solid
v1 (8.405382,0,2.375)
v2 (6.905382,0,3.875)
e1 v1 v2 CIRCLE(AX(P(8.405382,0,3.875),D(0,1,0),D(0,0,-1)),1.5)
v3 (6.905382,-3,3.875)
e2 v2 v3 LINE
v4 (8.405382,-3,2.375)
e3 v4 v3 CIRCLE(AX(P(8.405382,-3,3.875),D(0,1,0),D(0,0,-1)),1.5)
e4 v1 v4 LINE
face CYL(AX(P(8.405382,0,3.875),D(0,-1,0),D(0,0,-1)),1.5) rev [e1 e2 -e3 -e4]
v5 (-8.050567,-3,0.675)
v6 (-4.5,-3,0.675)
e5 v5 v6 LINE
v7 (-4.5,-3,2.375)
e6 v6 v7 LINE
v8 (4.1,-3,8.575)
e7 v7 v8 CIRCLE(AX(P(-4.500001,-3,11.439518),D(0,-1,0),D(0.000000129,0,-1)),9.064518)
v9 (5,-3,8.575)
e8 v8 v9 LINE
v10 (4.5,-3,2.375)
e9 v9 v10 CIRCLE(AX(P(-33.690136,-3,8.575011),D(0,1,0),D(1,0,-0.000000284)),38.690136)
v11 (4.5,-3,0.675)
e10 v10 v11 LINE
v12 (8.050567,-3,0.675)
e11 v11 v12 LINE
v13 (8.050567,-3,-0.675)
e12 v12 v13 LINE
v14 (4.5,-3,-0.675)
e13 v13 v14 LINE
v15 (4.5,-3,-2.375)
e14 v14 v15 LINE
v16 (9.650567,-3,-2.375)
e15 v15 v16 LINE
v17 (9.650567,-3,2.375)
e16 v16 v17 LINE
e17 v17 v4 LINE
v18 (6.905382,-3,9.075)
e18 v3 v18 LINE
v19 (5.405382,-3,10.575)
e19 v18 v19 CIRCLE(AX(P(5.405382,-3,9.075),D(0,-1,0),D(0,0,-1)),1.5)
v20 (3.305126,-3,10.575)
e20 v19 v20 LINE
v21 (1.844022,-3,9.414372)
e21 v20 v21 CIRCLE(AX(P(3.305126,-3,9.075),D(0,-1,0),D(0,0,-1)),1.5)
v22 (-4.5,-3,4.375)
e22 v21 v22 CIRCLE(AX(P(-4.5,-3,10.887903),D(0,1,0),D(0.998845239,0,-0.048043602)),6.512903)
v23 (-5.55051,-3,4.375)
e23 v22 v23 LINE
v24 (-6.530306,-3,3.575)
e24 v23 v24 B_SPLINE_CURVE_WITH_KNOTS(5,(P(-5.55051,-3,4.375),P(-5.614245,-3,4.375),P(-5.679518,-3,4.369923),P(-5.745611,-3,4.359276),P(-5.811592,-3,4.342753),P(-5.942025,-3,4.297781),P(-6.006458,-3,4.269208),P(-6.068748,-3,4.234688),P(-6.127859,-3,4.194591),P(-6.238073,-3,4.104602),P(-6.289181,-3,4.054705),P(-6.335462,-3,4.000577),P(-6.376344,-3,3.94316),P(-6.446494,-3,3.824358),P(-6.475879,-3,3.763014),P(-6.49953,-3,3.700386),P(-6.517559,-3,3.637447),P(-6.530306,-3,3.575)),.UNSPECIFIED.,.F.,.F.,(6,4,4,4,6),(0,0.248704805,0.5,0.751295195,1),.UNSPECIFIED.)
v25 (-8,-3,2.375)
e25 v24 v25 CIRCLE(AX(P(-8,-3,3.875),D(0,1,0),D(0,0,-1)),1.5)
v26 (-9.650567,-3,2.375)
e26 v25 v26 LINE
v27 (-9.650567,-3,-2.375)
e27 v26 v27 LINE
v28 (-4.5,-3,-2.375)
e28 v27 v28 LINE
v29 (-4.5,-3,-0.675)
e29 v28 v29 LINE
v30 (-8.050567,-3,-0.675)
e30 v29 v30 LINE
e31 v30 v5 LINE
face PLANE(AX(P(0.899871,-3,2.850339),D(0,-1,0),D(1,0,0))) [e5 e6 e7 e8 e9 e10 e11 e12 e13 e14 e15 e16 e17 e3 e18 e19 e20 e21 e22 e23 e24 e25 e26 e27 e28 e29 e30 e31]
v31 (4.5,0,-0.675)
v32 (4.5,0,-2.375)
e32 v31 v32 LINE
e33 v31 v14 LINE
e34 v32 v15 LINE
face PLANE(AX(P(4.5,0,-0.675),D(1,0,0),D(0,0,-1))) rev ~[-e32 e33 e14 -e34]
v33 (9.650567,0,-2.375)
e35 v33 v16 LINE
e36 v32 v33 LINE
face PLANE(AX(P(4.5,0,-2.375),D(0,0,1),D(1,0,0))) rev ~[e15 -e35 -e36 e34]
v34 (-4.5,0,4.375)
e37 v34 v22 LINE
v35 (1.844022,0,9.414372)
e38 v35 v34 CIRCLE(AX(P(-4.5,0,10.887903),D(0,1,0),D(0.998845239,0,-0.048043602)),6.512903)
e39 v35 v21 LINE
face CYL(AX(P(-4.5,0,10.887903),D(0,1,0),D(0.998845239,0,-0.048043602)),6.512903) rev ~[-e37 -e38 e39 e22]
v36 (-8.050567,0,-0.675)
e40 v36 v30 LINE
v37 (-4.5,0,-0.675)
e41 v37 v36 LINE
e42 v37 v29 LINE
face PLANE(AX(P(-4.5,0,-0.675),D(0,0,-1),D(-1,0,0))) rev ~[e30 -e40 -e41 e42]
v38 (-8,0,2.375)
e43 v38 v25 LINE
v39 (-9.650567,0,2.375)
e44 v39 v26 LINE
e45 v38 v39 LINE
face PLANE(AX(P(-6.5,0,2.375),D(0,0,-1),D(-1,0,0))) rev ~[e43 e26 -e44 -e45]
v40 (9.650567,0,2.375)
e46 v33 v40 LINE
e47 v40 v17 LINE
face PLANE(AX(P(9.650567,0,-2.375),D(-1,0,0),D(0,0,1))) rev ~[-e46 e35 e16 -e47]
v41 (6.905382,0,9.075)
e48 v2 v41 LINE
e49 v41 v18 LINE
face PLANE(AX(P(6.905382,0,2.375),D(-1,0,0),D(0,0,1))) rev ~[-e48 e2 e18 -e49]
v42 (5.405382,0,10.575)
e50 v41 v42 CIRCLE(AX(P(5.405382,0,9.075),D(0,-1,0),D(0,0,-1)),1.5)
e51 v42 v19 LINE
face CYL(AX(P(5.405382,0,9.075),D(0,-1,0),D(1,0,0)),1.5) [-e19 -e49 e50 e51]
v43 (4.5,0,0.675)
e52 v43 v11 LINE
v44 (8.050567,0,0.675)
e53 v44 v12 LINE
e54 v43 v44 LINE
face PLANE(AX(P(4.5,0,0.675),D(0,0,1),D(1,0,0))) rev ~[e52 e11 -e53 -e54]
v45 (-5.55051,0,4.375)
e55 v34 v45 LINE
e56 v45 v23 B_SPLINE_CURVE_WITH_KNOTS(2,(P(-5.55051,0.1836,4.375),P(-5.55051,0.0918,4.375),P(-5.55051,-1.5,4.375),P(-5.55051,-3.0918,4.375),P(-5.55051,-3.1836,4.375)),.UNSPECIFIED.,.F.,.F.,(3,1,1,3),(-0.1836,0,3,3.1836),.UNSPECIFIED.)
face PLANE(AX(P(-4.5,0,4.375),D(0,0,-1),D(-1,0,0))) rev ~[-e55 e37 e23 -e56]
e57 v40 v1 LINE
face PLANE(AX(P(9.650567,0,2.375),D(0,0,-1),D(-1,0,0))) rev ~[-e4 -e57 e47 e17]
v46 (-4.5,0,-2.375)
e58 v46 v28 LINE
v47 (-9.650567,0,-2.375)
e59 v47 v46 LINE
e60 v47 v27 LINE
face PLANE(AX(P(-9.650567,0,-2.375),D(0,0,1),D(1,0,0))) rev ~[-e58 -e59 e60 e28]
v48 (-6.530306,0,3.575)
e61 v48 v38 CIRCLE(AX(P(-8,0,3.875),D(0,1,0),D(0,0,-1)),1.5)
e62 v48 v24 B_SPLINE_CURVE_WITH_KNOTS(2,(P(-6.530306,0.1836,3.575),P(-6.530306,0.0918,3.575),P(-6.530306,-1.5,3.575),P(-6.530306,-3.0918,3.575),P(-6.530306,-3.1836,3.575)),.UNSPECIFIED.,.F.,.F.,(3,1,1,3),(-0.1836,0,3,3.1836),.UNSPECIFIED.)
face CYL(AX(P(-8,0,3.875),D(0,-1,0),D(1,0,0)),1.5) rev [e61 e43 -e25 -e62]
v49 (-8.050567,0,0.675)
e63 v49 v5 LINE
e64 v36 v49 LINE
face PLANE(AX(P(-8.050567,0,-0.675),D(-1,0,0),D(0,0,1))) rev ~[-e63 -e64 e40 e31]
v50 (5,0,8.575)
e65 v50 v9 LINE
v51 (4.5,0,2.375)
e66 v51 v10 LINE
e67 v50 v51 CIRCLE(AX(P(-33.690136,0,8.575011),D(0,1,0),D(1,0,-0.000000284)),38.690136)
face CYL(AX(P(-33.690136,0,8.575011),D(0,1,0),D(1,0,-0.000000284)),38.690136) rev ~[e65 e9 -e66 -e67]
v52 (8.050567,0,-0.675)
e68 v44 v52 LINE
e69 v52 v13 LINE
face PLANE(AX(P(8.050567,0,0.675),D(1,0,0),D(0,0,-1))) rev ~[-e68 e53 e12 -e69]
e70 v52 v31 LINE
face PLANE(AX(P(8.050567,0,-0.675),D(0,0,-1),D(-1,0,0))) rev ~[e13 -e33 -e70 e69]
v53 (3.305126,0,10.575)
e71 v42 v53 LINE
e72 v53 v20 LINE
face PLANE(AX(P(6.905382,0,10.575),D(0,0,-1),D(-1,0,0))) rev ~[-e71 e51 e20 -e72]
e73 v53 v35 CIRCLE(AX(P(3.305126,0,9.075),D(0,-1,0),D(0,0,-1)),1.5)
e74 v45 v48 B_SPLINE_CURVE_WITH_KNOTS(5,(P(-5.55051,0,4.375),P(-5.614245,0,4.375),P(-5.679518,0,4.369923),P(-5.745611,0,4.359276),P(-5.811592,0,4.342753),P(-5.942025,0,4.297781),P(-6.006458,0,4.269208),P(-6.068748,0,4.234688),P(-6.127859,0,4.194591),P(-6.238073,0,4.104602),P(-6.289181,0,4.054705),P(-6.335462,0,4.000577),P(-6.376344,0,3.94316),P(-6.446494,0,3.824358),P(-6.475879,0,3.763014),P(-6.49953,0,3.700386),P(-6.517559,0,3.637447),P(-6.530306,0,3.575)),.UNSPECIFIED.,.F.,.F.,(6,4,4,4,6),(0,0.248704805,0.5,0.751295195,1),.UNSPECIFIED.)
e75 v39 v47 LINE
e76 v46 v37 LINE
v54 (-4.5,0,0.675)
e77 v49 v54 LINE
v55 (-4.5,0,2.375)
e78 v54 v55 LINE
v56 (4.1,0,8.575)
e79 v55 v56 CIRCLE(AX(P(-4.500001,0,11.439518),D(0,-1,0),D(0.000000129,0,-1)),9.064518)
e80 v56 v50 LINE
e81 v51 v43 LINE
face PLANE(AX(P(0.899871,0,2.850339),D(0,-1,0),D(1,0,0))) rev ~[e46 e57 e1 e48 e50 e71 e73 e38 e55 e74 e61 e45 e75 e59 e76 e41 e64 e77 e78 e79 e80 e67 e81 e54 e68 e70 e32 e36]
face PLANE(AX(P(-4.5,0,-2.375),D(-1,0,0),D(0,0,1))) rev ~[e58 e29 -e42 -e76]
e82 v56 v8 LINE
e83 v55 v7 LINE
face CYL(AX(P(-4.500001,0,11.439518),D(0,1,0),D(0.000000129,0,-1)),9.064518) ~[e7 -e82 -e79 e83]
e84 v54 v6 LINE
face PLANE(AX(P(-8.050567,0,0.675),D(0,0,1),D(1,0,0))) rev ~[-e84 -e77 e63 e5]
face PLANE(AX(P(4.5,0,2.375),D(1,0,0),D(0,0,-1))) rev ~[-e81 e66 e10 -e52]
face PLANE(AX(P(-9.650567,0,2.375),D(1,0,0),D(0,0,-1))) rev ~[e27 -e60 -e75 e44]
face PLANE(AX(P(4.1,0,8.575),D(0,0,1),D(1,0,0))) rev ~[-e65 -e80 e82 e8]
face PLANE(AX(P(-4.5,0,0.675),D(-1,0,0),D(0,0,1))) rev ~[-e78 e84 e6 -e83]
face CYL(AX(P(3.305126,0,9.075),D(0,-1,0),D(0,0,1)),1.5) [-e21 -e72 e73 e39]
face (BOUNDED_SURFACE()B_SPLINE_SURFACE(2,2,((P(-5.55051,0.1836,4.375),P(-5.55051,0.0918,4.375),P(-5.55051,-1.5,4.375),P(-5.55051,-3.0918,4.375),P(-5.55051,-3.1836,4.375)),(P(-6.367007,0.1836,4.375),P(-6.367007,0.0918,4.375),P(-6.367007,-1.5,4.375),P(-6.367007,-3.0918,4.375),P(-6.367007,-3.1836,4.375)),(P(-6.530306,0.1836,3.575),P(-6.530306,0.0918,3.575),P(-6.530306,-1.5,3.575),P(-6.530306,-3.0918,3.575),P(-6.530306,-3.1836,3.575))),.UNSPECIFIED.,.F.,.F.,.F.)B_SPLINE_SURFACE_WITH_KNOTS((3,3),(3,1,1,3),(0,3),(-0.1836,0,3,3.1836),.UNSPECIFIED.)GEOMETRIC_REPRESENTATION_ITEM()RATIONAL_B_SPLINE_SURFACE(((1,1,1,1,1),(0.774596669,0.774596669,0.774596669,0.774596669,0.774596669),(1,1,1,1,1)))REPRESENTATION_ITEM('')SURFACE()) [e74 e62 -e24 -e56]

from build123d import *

# Parameters (mm, degrees)
F1_DEPTH = 3
F2_R     = 1.5
F3_R     = 1


with BuildPart() as f1:
    # F0 (on Front) → F1 (new body)
    with BuildSketch(Plane.XZ):
        with BuildLine():
            Line((8.050567, 0.675), (8.050567, -0.675))
            Line((8.050567, -0.675), (4.5, -0.675))
            Line((4.5, -0.675), (4.5, -2.375))
            Line((4.5, -2.375), (9.650567, -2.375))
            Line((9.650567, -2.375), (9.650567, 2.375))
            Line((9.650567, 2.375), (6.905382, 2.375))
            Line((6.905382, 2.375), (6.905382, 10.575))
            Line((6.905382, 10.575), (4.905382, 10.575))
            Line((4.905382, 10.575), (2.005382, 10.575))
            ThreePointArc((2.005382, 10.575), (-0.006672, 6.173255), (-4.5, 4.375))
            Line((-4.5, 4.375), (-6.5, 4.375))
            Line((-6.5, 4.375), (-6.5, 2.375))
            Line((-6.5, 2.375), (-9.650567, 2.375))
            Line((-9.650567, 2.375), (-9.650567, -2.375))
            Line((-9.650567, -2.375), (-4.5, -2.375))
            Line((-4.5, -2.375), (-4.5, -0.675))
            Line((-4.5, -0.675), (-8.050567, -0.675))
            Line((-8.050567, -0.675), (-8.050567, 0.675))
            Line((-8.050567, 0.675), (-4.5, 0.675))
            Line((-4.5, 0.675), (-4.5, 2.375))
            ThreePointArc((-4.5, 2.375), (0.800943, 4.086595), (4.1, 8.575))
            Line((4.1, 8.575), (5, 8.575))
            ThreePointArc((5, 8.575), (4.874797, 5.464936), (4.5, 2.375))
            Line((4.5, 2.375), (4.5, 0.675))
            Line((4.5, 0.675), (8.050567, 0.675))
        make_face()
    extrude(amount=F1_DEPTH)

    # F2
    f2_edges = [f1.edges().sort_by_distance(p)[0] for p in [
        (-6.5, -1.5, 2.375),
        (6.905382, -1.5, 2.375),
        (6.905382, -1.5, 10.575),
        (2.005382, -1.5, 10.575),
    ]]
    fillet(f2_edges, radius=F2_R)

    # F3
    f3_edges = [f1.edges().sort_by_distance(p)[0] for p in [
        (-6.5, -1.5, 4.375),
    ]]
    fillet(f3_edges, radius=F3_R)


solid = f1.part
